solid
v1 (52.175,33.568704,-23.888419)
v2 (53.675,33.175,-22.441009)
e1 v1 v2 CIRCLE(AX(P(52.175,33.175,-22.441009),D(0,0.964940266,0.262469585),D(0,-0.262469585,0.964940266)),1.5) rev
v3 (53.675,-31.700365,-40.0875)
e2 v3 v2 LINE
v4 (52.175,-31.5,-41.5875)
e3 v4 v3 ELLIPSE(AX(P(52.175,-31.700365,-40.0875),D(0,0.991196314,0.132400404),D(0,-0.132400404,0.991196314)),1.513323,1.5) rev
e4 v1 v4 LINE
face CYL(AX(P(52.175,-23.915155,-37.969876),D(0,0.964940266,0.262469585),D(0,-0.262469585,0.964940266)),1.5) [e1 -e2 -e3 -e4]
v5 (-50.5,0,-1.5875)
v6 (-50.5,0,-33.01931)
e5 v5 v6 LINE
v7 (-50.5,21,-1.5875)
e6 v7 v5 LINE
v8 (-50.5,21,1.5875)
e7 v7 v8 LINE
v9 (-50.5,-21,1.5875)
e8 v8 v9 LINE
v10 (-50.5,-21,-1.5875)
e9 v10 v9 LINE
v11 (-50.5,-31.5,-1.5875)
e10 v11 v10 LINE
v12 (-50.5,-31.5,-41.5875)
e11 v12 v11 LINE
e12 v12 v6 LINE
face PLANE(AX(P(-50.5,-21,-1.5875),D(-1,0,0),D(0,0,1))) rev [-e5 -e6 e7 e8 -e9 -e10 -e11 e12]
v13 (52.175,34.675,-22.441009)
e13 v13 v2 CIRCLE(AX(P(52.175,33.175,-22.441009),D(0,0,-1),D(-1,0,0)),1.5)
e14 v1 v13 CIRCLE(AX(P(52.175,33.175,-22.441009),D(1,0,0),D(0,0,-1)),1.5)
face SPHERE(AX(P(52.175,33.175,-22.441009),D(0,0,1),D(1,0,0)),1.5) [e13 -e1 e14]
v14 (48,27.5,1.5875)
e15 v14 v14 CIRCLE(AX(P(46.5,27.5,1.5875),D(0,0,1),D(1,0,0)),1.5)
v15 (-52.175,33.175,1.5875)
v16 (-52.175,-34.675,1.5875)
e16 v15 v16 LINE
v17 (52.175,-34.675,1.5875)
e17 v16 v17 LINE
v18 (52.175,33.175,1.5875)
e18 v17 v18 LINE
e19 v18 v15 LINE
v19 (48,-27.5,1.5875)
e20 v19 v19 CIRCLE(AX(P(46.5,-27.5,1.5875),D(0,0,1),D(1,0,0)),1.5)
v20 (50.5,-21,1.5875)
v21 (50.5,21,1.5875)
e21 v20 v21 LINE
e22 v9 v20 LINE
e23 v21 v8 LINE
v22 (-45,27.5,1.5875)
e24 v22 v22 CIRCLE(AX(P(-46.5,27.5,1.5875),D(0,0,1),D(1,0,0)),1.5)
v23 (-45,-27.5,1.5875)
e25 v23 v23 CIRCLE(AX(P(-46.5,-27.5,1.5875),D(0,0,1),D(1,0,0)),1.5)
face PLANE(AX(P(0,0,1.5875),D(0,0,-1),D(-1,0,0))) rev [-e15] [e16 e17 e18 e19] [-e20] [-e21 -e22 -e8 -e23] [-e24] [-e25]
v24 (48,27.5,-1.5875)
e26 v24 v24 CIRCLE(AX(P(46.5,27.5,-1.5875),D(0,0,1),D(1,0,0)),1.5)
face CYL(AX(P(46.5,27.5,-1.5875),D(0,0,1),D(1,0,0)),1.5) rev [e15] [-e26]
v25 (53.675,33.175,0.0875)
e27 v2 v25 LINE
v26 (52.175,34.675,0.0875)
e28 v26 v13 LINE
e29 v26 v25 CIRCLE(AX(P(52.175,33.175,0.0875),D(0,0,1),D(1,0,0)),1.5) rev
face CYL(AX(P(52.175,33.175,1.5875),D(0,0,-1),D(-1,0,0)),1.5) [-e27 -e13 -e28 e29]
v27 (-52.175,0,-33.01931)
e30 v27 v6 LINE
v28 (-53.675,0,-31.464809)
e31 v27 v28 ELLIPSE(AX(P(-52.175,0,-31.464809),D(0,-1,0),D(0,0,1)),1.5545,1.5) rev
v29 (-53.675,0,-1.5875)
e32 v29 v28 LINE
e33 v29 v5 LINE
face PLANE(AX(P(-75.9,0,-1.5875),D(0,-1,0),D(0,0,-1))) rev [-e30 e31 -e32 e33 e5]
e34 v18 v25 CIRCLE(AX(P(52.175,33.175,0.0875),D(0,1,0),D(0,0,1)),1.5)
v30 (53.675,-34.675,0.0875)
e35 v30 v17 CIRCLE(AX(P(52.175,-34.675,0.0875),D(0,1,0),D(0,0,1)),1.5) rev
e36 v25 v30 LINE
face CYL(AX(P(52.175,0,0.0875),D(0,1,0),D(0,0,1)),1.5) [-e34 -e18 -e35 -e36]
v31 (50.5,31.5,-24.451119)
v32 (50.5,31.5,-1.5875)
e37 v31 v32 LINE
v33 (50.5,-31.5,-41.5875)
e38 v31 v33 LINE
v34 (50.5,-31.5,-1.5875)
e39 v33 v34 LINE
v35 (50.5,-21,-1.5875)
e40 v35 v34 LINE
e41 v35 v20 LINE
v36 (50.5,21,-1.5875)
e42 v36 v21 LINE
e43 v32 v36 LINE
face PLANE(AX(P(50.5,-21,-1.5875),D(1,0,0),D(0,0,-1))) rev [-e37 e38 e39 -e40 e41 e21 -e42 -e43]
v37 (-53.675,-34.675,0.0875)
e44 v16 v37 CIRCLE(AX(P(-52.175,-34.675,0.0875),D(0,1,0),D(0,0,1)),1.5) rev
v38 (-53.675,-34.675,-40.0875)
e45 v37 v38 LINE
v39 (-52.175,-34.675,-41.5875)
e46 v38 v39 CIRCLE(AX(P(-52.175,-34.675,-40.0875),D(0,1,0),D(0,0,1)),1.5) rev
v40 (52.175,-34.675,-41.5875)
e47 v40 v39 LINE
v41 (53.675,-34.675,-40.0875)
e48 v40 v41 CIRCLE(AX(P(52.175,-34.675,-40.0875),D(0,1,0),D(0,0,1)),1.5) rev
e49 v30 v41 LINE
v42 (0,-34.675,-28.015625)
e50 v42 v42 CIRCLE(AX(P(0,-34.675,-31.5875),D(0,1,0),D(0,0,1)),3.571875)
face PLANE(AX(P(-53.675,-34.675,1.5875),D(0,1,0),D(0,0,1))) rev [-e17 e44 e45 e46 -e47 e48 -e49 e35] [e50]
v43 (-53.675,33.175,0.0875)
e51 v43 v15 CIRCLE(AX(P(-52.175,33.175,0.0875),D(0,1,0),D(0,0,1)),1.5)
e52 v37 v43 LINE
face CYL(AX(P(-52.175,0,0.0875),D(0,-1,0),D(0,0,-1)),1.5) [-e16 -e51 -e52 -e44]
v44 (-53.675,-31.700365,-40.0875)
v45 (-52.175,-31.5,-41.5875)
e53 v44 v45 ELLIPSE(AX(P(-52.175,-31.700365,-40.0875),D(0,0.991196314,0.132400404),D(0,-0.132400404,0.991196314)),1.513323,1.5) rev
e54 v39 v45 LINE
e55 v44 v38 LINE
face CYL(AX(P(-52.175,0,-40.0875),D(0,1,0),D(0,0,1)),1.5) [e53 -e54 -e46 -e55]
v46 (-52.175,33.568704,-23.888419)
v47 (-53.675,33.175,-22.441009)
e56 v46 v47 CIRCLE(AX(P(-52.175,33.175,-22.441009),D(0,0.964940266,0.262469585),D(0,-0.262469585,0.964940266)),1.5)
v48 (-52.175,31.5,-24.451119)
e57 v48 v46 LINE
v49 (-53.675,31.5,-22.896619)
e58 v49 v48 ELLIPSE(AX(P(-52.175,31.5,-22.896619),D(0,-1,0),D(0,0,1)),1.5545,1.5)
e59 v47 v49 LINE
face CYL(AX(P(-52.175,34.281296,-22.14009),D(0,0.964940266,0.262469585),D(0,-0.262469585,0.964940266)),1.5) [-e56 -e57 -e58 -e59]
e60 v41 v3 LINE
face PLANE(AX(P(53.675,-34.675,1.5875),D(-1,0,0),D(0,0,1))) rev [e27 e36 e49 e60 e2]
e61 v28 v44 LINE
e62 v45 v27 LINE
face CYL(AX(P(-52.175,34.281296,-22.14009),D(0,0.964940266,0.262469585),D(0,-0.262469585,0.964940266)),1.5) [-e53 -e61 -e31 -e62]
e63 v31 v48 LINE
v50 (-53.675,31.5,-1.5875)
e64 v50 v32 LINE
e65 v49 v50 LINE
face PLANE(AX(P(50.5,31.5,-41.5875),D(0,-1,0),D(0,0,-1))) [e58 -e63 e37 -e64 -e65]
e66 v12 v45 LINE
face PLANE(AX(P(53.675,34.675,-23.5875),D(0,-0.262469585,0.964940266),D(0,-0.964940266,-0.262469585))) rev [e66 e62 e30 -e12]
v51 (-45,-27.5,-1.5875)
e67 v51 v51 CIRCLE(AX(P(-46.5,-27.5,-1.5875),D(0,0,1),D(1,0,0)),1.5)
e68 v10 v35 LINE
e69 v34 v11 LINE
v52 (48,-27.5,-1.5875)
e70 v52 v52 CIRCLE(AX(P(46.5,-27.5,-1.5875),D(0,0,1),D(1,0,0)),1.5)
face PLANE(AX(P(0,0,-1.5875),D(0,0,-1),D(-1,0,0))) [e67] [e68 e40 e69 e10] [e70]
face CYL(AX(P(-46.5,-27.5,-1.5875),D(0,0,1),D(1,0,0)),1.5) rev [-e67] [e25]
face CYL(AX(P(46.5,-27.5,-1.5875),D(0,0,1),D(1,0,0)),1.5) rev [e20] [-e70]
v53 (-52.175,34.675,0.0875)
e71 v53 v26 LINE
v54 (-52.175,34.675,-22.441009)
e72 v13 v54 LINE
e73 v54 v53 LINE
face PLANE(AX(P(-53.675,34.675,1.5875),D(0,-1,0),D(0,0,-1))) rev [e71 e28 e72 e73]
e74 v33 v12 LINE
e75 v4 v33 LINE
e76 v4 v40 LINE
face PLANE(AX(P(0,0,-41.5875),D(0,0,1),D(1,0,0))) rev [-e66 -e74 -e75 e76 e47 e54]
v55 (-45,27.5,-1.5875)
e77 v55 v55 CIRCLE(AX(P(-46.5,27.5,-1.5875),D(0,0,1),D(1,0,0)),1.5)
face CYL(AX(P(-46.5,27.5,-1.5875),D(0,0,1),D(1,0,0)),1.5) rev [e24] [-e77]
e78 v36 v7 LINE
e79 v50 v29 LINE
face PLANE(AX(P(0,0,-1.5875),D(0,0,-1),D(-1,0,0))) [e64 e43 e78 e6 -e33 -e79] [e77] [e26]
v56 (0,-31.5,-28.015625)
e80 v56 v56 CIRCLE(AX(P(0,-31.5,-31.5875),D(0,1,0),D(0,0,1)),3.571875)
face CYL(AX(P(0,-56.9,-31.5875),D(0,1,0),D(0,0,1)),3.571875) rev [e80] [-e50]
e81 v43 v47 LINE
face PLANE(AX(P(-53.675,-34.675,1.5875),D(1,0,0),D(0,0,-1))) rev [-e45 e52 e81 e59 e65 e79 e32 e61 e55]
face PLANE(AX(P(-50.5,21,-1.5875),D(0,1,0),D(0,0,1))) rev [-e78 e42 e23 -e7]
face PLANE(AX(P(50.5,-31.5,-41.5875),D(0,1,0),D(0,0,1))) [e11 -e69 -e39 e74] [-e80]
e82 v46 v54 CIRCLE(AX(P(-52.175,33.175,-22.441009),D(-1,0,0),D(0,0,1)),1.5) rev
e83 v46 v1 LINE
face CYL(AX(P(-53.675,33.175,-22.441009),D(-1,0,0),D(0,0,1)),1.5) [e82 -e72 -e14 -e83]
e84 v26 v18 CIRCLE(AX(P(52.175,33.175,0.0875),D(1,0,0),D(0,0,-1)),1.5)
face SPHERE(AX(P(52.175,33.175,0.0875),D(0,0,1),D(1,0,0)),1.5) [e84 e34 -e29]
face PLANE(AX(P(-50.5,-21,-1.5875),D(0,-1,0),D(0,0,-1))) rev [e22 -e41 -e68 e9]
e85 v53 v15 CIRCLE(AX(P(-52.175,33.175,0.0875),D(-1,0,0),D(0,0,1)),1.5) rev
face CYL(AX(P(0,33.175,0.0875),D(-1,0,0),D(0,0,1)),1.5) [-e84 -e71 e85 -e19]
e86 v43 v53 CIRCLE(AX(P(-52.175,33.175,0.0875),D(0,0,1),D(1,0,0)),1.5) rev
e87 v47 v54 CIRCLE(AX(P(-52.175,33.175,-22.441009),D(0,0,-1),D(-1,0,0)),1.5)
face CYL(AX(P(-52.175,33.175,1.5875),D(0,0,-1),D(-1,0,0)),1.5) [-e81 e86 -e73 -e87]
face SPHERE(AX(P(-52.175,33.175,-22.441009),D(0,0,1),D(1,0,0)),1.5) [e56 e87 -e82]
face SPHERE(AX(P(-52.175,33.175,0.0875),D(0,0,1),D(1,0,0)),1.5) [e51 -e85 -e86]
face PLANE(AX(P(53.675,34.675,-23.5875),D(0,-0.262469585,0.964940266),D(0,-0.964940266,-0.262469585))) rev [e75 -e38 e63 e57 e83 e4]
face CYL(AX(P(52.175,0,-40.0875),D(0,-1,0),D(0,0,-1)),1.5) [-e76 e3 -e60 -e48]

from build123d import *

# Parameters (mm, degrees)
SKETCH1_W               = 107.35
SKETCH1_H               = 69.35
BOSS_EXTRUDE1_DEPTH     = 1.5875
CUT_EXTRUDE2_DEPTH      = 64.920899605
CUT_EXTRUDE2_DEPTH_BACK = 64.920899605
SKETCH2_R               = 1.5
SKETCH2_W               = 101
SKETCH2_H               = 42
SKETCH3_W               = 107.35
SKETCH3_H               = 69.35
SKETCH3_W_2             = 101
SKETCH3_H_2             = 63
BOSS_EXTRUDE2_DEPTH     = 40
SKETCH5_R               = 3.571875
CUT_EXTRUDE3_DEPTH      = 25.4
CUT_EXTRUDE4_DEPTH      = 121.232683914
SKETCH10_W              = 47.370876146
SKETCH10_H              = 31.5
CUT_EXTRUDE5_DEPTH      = 25.4
FILLET1_R               = 1.5


with BuildPart() as part:
    # Sketch1 → Boss-Extrude1 (new, symmetric)
    with BuildSketch(Plane.XY):
        Rectangle(SKETCH1_W, SKETCH1_H)
    extrude(amount=BOSS_EXTRUDE1_DEPTH, both=True)

    # Sketch2 → Cut-Extrude2 (cut, two sides: drawn at the far end of the back side and taken through both)
    with BuildSketch(Plane.XY.offset(-CUT_EXTRUDE2_DEPTH_BACK)):
        with Locations((-46.5, 27.5)):
            Circle(SKETCH2_R)
        with Locations((46.5, 27.5)):
            Circle(SKETCH2_R)
        with Locations((46.5, -27.5)):
            Circle(SKETCH2_R)
        with Locations((-46.5, -27.5)):
            Circle(SKETCH2_R)
        Rectangle(SKETCH2_W, SKETCH2_H)
    extrude(amount=CUT_EXTRUDE2_DEPTH + CUT_EXTRUDE2_DEPTH_BACK, mode=Mode.SUBTRACT)

    # Sketch3 → Boss-Extrude2 (add)
    with BuildSketch(Plane(origin=(0, 0, -1.5875), x_dir=(-1, 0, 0), z_dir=(0, 0, -1))):
        Rectangle(SKETCH3_W, SKETCH3_H)
        Rectangle(SKETCH3_W_2, SKETCH3_H_2, mode=Mode.SUBTRACT)
    extrude(amount=BOSS_EXTRUDE2_DEPTH)

    # Sketch5 → Cut-Extrude3 (cut)
    with BuildSketch(Plane(origin=(0, -31.5, 0), x_dir=(1, 0, 0), z_dir=(0, 1, 0))):
        with Locations(Location((0, 31.5875, 0), (0, 0, 270))):
            Circle(SKETCH5_R)
    extrude(amount=-CUT_EXTRUDE3_DEPTH, mode=Mode.SUBTRACT)

    # Sketch8 → Cut-Extrude4 (cut, through all)
    with BuildSketch(Plane.ZY.offset(53.675)):
        Polygon((-23.5875, 34.675), (-41.5875, -31.5), (-41.5875, 34.675), align=None)
    extrude(amount=-CUT_EXTRUDE4_DEPTH, mode=Mode.SUBTRACT)

    # Sketch10 → Cut-Extrude5 (cut)
    with BuildSketch(Plane(origin=(-50.5, 0, 0), x_dir=(0, 0, -1), z_dir=(1, 0, 0))):
        with Locations((25.272938073, 15.75)):
            Rectangle(SKETCH10_W, SKETCH10_H)
    extrude(amount=-CUT_EXTRUDE5_DEPTH, mode=Mode.SUBTRACT)

    # Fillet1
    fillet1_edges = [part.edges().sort_by_distance(p)[0] for p in [
        (-53.675, 0, 1.5875),
        (-53.675, -33.0875, -41.5875),
        (53.675, 0, 1.5875),
        (53.675, -33.0875, -41.5875),
        (-53.675, 34.675, -11),
        (53.675, 34.675, -11),
        (53.675, 1.5875, -32.5875),
        (0, 34.675, -23.5875),
        (-53.675, -15.75, -37.303404798),
        (0, 34.675, 1.5875),
        (-53.675, 33.0875, -24.019309596),
    ]]
    fillet(fillet1_edges, radius=FILLET1_R)


solid = part.part
